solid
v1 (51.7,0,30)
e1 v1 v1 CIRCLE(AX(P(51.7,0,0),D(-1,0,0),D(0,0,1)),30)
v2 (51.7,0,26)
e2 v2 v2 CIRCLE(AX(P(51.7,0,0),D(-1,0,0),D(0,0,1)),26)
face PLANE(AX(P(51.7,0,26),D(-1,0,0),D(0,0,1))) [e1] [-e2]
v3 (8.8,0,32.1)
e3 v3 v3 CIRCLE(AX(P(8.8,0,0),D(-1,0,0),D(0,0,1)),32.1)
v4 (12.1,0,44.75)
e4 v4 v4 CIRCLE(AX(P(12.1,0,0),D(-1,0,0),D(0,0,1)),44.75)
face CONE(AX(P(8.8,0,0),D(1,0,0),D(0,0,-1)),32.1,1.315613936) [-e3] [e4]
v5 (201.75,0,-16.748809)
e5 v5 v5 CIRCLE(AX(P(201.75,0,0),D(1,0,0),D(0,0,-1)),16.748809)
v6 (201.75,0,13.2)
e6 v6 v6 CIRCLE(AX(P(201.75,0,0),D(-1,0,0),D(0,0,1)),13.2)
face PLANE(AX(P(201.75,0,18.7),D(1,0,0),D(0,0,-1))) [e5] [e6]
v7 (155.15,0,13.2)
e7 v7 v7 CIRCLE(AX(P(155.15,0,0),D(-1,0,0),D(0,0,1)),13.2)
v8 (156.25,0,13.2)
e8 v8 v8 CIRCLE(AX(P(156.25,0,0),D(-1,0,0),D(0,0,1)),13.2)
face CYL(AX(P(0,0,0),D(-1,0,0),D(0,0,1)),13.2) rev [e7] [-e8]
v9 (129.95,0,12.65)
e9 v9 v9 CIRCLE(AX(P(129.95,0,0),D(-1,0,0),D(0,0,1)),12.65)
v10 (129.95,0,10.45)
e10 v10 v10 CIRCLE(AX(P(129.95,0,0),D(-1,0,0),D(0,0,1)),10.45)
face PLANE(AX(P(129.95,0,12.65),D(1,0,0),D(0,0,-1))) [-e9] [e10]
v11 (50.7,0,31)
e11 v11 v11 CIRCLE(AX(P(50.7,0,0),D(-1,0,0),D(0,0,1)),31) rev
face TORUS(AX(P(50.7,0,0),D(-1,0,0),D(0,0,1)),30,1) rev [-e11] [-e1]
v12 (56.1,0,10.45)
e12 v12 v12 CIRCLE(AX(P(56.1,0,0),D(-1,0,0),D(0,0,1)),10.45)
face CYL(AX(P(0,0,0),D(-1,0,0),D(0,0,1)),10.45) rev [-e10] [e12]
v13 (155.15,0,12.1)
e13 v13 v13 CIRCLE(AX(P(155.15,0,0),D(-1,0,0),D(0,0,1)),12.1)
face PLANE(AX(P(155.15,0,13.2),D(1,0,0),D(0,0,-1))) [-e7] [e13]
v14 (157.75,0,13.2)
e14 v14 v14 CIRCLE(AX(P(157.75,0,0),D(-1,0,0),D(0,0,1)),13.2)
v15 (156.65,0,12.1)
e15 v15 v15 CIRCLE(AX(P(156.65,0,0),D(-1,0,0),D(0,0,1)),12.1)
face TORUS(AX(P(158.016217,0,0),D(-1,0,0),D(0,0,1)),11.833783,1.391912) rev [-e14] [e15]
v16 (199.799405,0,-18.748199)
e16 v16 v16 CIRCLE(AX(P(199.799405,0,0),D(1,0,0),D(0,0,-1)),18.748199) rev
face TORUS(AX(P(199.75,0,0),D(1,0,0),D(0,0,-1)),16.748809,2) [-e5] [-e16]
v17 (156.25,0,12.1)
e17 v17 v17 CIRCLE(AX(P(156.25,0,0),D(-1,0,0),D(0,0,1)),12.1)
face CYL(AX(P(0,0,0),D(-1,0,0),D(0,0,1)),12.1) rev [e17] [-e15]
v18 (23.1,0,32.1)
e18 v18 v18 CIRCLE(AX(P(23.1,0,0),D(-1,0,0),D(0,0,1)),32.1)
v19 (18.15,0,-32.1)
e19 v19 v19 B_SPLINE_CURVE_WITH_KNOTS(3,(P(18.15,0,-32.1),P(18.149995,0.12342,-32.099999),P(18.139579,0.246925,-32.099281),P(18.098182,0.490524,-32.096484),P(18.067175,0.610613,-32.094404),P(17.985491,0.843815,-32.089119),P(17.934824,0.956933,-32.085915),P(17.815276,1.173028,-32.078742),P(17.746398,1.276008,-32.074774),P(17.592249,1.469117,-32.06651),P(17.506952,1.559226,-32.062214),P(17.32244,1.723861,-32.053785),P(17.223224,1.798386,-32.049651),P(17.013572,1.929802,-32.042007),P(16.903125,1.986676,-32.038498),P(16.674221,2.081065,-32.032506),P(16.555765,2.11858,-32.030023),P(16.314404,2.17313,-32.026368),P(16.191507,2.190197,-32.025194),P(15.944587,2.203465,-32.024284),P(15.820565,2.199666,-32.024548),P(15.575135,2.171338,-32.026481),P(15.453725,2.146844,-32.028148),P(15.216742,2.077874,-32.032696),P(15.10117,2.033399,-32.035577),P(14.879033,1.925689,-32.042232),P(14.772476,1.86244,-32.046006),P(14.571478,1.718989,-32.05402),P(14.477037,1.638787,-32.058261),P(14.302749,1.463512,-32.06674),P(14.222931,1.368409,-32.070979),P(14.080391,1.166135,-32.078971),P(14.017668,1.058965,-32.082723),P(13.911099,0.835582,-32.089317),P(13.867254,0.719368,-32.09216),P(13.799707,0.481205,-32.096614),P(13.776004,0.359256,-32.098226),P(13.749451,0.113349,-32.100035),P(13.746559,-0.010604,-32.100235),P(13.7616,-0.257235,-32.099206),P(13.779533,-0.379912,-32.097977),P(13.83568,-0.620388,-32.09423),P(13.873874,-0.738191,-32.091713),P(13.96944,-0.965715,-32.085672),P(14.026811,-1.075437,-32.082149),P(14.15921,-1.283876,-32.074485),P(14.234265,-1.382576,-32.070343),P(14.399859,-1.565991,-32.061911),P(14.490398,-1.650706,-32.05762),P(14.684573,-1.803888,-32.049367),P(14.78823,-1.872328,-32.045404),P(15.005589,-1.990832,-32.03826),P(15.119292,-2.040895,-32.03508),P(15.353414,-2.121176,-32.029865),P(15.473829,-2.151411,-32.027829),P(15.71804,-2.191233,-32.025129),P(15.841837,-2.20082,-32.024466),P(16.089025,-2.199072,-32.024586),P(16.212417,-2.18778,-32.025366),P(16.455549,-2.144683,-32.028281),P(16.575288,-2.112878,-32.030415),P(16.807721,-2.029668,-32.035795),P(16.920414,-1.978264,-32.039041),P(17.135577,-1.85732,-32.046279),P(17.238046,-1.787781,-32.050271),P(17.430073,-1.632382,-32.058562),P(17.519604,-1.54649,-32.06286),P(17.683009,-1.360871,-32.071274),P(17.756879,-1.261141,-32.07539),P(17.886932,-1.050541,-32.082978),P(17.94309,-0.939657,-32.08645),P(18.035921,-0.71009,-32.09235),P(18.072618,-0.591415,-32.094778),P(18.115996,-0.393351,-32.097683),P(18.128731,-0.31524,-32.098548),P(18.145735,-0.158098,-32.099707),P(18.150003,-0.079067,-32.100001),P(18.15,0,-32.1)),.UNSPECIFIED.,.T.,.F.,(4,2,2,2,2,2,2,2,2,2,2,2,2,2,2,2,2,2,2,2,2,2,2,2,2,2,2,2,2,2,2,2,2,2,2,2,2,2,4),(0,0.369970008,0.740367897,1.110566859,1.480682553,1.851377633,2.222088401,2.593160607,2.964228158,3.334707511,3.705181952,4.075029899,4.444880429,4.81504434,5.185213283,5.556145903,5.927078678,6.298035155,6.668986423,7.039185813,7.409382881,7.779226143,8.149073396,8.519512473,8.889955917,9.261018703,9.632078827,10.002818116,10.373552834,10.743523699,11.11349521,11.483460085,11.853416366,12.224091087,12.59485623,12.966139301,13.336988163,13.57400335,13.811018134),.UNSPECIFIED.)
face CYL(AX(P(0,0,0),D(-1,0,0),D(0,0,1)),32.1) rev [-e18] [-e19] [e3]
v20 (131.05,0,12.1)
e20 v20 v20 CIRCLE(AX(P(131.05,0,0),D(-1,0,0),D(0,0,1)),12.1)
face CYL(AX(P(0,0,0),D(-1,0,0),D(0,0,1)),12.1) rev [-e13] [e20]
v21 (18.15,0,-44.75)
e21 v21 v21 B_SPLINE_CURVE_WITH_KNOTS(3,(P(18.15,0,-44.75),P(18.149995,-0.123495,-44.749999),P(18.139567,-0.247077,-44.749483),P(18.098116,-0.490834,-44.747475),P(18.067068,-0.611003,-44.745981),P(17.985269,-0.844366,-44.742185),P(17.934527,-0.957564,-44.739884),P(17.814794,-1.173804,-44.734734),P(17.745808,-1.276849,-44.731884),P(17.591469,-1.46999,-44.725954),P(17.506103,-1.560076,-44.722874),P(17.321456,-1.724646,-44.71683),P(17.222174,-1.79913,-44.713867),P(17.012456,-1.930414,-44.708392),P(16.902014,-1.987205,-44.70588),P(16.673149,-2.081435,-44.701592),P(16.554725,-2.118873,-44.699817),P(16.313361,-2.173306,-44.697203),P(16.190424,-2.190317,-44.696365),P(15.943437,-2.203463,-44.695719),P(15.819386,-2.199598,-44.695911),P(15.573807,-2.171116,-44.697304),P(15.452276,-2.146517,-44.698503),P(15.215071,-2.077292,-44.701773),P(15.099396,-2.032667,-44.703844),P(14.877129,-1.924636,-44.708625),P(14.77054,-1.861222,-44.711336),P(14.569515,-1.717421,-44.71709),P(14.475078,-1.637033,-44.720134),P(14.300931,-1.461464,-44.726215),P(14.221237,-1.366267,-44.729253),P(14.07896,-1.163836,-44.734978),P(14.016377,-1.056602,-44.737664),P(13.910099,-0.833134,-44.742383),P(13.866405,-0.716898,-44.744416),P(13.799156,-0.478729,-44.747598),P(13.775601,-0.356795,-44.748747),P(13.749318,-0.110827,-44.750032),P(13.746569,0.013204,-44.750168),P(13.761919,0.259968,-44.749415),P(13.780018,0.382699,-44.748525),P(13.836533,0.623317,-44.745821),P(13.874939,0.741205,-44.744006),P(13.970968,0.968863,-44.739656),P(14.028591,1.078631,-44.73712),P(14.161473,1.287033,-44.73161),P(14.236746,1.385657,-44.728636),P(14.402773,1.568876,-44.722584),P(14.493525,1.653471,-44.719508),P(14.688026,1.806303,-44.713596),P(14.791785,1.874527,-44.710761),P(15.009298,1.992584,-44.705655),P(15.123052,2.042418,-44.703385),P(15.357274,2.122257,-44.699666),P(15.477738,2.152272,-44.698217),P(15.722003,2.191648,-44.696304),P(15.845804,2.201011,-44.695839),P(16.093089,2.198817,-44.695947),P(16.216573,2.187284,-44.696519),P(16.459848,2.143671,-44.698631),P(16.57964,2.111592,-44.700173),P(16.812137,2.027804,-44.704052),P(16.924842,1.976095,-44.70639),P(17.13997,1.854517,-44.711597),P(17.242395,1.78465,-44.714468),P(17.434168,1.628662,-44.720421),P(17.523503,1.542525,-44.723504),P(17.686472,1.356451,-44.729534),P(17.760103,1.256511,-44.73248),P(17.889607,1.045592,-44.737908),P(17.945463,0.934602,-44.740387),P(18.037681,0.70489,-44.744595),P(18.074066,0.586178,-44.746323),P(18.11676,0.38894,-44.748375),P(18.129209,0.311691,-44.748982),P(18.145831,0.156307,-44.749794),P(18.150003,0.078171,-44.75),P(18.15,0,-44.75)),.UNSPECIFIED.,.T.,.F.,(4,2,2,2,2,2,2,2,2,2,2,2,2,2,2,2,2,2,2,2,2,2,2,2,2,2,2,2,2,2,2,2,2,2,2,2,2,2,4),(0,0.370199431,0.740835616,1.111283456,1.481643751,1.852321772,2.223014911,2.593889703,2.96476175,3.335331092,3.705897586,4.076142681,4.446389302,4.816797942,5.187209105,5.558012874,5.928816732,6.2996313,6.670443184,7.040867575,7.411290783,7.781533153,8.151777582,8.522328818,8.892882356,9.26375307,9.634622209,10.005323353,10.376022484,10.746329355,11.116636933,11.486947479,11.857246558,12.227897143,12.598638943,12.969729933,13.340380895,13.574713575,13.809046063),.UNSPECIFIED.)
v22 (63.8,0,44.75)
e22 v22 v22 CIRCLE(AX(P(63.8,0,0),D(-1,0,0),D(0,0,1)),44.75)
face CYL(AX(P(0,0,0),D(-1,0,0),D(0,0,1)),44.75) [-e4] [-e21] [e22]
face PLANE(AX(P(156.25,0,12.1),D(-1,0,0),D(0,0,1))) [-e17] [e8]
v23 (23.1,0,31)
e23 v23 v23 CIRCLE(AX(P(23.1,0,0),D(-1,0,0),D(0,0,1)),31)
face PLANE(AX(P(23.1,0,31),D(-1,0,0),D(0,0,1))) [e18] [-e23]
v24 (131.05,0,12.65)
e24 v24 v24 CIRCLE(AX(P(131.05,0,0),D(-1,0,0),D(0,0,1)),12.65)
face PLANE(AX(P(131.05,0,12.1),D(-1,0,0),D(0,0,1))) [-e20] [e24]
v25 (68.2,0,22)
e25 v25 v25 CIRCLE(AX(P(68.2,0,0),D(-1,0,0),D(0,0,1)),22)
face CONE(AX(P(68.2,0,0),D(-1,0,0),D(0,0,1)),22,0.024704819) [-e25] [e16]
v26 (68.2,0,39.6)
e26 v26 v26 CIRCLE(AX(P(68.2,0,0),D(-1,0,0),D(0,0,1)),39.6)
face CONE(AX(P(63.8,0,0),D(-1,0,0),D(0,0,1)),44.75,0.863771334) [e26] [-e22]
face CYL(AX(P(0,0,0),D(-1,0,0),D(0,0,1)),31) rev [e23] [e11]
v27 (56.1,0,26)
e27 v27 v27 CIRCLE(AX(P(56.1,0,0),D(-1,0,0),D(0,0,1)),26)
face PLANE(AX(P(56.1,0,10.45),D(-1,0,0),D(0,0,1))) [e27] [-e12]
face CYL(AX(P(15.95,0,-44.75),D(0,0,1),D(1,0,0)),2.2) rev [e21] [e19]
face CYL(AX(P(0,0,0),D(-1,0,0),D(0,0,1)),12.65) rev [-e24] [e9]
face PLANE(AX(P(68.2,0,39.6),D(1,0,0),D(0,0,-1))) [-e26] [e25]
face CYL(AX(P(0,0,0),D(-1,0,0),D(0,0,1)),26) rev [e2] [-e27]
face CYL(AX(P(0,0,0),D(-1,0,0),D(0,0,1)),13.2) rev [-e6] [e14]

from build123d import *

# Parameters (mm, degrees)
FILLET1_R          = 2
FILLET2_R          = 1
SKETCH5_R          = 2.2
CUT_EXTRUDE1_DEPTH = 212.443107005


with BuildPart() as part:
    # Sketch2 → Revolve1 (revolve)
    with BuildSketch(Plane(origin=(0, 0, 0), x_dir=(1, 0, 0), z_dir=(0, 1, 0))):
        with BuildLine():
            Line((8.8, -32.1), (12.1, -44.75))
            Line((12.1, -44.75), (63.8, -44.75))
            Line((63.8, -44.75), (68.2, -39.6))
            Line((68.2, -39.6), (68.2, -22))
            Line((68.2, -22), (201.75, -18.7))
            Line((201.75, -18.7), (201.75, -13.2))
            Line((201.75, -13.2), (157.75, -13.2))
            ThreePointArc((157.75, -13.2), (157.031986163, -12.818013837), (156.65, -12.1))
            Line((156.65, -12.1), (156.25, -12.1))
            Line((156.25, -12.1), (156.25, -13.2))
            Line((156.25, -13.2), (155.15, -13.2))
            Line((155.15, -13.2), (155.15, -12.1))
            Line((155.15, -12.1), (131.05, -12.1))
            Line((131.05, -12.1), (131.05, -12.65))
            Line((131.05, -12.65), (129.95, -12.65))
            Line((129.95, -12.65), (129.95, -10.45))
            Line((129.95, -10.45), (56.1, -10.45))
            Line((56.1, -10.45), (56.1, -26))
            Line((56.1, -26), (51.7, -26))
            Line((51.7, -26), (51.7, -31))
            Line((51.7, -31), (23.1, -31))
            Line((23.1, -31), (23.1, -32.1))
            Line((23.1, -32.1), (8.8, -32.1))
        make_face()
    revolve(axis=Axis((0, 0, 0), (1, 0, 0)))

    # Fillet1
    fillet1_edges = [part.edges().sort_by_distance(p)[0] for p in [
        (201.75, 0, -18.7),
    ]]
    fillet(fillet1_edges, radius=FILLET1_R)

    # Fillet2
    fillet2_edges = [part.edges().sort_by_distance(p)[0] for p in [
        (51.7, 0, -31),
    ]]
    fillet(fillet2_edges, radius=FILLET2_R)

    # Sketch5 → Cut-Extrude1 (cut, through all)
    with BuildSketch(Plane.XY):
        with Locations((15.95, 0)):
            Circle(SKETCH5_R)
    extrude(amount=-CUT_EXTRUDE1_DEPTH, mode=Mode.SUBTRACT)


solid = part.part
